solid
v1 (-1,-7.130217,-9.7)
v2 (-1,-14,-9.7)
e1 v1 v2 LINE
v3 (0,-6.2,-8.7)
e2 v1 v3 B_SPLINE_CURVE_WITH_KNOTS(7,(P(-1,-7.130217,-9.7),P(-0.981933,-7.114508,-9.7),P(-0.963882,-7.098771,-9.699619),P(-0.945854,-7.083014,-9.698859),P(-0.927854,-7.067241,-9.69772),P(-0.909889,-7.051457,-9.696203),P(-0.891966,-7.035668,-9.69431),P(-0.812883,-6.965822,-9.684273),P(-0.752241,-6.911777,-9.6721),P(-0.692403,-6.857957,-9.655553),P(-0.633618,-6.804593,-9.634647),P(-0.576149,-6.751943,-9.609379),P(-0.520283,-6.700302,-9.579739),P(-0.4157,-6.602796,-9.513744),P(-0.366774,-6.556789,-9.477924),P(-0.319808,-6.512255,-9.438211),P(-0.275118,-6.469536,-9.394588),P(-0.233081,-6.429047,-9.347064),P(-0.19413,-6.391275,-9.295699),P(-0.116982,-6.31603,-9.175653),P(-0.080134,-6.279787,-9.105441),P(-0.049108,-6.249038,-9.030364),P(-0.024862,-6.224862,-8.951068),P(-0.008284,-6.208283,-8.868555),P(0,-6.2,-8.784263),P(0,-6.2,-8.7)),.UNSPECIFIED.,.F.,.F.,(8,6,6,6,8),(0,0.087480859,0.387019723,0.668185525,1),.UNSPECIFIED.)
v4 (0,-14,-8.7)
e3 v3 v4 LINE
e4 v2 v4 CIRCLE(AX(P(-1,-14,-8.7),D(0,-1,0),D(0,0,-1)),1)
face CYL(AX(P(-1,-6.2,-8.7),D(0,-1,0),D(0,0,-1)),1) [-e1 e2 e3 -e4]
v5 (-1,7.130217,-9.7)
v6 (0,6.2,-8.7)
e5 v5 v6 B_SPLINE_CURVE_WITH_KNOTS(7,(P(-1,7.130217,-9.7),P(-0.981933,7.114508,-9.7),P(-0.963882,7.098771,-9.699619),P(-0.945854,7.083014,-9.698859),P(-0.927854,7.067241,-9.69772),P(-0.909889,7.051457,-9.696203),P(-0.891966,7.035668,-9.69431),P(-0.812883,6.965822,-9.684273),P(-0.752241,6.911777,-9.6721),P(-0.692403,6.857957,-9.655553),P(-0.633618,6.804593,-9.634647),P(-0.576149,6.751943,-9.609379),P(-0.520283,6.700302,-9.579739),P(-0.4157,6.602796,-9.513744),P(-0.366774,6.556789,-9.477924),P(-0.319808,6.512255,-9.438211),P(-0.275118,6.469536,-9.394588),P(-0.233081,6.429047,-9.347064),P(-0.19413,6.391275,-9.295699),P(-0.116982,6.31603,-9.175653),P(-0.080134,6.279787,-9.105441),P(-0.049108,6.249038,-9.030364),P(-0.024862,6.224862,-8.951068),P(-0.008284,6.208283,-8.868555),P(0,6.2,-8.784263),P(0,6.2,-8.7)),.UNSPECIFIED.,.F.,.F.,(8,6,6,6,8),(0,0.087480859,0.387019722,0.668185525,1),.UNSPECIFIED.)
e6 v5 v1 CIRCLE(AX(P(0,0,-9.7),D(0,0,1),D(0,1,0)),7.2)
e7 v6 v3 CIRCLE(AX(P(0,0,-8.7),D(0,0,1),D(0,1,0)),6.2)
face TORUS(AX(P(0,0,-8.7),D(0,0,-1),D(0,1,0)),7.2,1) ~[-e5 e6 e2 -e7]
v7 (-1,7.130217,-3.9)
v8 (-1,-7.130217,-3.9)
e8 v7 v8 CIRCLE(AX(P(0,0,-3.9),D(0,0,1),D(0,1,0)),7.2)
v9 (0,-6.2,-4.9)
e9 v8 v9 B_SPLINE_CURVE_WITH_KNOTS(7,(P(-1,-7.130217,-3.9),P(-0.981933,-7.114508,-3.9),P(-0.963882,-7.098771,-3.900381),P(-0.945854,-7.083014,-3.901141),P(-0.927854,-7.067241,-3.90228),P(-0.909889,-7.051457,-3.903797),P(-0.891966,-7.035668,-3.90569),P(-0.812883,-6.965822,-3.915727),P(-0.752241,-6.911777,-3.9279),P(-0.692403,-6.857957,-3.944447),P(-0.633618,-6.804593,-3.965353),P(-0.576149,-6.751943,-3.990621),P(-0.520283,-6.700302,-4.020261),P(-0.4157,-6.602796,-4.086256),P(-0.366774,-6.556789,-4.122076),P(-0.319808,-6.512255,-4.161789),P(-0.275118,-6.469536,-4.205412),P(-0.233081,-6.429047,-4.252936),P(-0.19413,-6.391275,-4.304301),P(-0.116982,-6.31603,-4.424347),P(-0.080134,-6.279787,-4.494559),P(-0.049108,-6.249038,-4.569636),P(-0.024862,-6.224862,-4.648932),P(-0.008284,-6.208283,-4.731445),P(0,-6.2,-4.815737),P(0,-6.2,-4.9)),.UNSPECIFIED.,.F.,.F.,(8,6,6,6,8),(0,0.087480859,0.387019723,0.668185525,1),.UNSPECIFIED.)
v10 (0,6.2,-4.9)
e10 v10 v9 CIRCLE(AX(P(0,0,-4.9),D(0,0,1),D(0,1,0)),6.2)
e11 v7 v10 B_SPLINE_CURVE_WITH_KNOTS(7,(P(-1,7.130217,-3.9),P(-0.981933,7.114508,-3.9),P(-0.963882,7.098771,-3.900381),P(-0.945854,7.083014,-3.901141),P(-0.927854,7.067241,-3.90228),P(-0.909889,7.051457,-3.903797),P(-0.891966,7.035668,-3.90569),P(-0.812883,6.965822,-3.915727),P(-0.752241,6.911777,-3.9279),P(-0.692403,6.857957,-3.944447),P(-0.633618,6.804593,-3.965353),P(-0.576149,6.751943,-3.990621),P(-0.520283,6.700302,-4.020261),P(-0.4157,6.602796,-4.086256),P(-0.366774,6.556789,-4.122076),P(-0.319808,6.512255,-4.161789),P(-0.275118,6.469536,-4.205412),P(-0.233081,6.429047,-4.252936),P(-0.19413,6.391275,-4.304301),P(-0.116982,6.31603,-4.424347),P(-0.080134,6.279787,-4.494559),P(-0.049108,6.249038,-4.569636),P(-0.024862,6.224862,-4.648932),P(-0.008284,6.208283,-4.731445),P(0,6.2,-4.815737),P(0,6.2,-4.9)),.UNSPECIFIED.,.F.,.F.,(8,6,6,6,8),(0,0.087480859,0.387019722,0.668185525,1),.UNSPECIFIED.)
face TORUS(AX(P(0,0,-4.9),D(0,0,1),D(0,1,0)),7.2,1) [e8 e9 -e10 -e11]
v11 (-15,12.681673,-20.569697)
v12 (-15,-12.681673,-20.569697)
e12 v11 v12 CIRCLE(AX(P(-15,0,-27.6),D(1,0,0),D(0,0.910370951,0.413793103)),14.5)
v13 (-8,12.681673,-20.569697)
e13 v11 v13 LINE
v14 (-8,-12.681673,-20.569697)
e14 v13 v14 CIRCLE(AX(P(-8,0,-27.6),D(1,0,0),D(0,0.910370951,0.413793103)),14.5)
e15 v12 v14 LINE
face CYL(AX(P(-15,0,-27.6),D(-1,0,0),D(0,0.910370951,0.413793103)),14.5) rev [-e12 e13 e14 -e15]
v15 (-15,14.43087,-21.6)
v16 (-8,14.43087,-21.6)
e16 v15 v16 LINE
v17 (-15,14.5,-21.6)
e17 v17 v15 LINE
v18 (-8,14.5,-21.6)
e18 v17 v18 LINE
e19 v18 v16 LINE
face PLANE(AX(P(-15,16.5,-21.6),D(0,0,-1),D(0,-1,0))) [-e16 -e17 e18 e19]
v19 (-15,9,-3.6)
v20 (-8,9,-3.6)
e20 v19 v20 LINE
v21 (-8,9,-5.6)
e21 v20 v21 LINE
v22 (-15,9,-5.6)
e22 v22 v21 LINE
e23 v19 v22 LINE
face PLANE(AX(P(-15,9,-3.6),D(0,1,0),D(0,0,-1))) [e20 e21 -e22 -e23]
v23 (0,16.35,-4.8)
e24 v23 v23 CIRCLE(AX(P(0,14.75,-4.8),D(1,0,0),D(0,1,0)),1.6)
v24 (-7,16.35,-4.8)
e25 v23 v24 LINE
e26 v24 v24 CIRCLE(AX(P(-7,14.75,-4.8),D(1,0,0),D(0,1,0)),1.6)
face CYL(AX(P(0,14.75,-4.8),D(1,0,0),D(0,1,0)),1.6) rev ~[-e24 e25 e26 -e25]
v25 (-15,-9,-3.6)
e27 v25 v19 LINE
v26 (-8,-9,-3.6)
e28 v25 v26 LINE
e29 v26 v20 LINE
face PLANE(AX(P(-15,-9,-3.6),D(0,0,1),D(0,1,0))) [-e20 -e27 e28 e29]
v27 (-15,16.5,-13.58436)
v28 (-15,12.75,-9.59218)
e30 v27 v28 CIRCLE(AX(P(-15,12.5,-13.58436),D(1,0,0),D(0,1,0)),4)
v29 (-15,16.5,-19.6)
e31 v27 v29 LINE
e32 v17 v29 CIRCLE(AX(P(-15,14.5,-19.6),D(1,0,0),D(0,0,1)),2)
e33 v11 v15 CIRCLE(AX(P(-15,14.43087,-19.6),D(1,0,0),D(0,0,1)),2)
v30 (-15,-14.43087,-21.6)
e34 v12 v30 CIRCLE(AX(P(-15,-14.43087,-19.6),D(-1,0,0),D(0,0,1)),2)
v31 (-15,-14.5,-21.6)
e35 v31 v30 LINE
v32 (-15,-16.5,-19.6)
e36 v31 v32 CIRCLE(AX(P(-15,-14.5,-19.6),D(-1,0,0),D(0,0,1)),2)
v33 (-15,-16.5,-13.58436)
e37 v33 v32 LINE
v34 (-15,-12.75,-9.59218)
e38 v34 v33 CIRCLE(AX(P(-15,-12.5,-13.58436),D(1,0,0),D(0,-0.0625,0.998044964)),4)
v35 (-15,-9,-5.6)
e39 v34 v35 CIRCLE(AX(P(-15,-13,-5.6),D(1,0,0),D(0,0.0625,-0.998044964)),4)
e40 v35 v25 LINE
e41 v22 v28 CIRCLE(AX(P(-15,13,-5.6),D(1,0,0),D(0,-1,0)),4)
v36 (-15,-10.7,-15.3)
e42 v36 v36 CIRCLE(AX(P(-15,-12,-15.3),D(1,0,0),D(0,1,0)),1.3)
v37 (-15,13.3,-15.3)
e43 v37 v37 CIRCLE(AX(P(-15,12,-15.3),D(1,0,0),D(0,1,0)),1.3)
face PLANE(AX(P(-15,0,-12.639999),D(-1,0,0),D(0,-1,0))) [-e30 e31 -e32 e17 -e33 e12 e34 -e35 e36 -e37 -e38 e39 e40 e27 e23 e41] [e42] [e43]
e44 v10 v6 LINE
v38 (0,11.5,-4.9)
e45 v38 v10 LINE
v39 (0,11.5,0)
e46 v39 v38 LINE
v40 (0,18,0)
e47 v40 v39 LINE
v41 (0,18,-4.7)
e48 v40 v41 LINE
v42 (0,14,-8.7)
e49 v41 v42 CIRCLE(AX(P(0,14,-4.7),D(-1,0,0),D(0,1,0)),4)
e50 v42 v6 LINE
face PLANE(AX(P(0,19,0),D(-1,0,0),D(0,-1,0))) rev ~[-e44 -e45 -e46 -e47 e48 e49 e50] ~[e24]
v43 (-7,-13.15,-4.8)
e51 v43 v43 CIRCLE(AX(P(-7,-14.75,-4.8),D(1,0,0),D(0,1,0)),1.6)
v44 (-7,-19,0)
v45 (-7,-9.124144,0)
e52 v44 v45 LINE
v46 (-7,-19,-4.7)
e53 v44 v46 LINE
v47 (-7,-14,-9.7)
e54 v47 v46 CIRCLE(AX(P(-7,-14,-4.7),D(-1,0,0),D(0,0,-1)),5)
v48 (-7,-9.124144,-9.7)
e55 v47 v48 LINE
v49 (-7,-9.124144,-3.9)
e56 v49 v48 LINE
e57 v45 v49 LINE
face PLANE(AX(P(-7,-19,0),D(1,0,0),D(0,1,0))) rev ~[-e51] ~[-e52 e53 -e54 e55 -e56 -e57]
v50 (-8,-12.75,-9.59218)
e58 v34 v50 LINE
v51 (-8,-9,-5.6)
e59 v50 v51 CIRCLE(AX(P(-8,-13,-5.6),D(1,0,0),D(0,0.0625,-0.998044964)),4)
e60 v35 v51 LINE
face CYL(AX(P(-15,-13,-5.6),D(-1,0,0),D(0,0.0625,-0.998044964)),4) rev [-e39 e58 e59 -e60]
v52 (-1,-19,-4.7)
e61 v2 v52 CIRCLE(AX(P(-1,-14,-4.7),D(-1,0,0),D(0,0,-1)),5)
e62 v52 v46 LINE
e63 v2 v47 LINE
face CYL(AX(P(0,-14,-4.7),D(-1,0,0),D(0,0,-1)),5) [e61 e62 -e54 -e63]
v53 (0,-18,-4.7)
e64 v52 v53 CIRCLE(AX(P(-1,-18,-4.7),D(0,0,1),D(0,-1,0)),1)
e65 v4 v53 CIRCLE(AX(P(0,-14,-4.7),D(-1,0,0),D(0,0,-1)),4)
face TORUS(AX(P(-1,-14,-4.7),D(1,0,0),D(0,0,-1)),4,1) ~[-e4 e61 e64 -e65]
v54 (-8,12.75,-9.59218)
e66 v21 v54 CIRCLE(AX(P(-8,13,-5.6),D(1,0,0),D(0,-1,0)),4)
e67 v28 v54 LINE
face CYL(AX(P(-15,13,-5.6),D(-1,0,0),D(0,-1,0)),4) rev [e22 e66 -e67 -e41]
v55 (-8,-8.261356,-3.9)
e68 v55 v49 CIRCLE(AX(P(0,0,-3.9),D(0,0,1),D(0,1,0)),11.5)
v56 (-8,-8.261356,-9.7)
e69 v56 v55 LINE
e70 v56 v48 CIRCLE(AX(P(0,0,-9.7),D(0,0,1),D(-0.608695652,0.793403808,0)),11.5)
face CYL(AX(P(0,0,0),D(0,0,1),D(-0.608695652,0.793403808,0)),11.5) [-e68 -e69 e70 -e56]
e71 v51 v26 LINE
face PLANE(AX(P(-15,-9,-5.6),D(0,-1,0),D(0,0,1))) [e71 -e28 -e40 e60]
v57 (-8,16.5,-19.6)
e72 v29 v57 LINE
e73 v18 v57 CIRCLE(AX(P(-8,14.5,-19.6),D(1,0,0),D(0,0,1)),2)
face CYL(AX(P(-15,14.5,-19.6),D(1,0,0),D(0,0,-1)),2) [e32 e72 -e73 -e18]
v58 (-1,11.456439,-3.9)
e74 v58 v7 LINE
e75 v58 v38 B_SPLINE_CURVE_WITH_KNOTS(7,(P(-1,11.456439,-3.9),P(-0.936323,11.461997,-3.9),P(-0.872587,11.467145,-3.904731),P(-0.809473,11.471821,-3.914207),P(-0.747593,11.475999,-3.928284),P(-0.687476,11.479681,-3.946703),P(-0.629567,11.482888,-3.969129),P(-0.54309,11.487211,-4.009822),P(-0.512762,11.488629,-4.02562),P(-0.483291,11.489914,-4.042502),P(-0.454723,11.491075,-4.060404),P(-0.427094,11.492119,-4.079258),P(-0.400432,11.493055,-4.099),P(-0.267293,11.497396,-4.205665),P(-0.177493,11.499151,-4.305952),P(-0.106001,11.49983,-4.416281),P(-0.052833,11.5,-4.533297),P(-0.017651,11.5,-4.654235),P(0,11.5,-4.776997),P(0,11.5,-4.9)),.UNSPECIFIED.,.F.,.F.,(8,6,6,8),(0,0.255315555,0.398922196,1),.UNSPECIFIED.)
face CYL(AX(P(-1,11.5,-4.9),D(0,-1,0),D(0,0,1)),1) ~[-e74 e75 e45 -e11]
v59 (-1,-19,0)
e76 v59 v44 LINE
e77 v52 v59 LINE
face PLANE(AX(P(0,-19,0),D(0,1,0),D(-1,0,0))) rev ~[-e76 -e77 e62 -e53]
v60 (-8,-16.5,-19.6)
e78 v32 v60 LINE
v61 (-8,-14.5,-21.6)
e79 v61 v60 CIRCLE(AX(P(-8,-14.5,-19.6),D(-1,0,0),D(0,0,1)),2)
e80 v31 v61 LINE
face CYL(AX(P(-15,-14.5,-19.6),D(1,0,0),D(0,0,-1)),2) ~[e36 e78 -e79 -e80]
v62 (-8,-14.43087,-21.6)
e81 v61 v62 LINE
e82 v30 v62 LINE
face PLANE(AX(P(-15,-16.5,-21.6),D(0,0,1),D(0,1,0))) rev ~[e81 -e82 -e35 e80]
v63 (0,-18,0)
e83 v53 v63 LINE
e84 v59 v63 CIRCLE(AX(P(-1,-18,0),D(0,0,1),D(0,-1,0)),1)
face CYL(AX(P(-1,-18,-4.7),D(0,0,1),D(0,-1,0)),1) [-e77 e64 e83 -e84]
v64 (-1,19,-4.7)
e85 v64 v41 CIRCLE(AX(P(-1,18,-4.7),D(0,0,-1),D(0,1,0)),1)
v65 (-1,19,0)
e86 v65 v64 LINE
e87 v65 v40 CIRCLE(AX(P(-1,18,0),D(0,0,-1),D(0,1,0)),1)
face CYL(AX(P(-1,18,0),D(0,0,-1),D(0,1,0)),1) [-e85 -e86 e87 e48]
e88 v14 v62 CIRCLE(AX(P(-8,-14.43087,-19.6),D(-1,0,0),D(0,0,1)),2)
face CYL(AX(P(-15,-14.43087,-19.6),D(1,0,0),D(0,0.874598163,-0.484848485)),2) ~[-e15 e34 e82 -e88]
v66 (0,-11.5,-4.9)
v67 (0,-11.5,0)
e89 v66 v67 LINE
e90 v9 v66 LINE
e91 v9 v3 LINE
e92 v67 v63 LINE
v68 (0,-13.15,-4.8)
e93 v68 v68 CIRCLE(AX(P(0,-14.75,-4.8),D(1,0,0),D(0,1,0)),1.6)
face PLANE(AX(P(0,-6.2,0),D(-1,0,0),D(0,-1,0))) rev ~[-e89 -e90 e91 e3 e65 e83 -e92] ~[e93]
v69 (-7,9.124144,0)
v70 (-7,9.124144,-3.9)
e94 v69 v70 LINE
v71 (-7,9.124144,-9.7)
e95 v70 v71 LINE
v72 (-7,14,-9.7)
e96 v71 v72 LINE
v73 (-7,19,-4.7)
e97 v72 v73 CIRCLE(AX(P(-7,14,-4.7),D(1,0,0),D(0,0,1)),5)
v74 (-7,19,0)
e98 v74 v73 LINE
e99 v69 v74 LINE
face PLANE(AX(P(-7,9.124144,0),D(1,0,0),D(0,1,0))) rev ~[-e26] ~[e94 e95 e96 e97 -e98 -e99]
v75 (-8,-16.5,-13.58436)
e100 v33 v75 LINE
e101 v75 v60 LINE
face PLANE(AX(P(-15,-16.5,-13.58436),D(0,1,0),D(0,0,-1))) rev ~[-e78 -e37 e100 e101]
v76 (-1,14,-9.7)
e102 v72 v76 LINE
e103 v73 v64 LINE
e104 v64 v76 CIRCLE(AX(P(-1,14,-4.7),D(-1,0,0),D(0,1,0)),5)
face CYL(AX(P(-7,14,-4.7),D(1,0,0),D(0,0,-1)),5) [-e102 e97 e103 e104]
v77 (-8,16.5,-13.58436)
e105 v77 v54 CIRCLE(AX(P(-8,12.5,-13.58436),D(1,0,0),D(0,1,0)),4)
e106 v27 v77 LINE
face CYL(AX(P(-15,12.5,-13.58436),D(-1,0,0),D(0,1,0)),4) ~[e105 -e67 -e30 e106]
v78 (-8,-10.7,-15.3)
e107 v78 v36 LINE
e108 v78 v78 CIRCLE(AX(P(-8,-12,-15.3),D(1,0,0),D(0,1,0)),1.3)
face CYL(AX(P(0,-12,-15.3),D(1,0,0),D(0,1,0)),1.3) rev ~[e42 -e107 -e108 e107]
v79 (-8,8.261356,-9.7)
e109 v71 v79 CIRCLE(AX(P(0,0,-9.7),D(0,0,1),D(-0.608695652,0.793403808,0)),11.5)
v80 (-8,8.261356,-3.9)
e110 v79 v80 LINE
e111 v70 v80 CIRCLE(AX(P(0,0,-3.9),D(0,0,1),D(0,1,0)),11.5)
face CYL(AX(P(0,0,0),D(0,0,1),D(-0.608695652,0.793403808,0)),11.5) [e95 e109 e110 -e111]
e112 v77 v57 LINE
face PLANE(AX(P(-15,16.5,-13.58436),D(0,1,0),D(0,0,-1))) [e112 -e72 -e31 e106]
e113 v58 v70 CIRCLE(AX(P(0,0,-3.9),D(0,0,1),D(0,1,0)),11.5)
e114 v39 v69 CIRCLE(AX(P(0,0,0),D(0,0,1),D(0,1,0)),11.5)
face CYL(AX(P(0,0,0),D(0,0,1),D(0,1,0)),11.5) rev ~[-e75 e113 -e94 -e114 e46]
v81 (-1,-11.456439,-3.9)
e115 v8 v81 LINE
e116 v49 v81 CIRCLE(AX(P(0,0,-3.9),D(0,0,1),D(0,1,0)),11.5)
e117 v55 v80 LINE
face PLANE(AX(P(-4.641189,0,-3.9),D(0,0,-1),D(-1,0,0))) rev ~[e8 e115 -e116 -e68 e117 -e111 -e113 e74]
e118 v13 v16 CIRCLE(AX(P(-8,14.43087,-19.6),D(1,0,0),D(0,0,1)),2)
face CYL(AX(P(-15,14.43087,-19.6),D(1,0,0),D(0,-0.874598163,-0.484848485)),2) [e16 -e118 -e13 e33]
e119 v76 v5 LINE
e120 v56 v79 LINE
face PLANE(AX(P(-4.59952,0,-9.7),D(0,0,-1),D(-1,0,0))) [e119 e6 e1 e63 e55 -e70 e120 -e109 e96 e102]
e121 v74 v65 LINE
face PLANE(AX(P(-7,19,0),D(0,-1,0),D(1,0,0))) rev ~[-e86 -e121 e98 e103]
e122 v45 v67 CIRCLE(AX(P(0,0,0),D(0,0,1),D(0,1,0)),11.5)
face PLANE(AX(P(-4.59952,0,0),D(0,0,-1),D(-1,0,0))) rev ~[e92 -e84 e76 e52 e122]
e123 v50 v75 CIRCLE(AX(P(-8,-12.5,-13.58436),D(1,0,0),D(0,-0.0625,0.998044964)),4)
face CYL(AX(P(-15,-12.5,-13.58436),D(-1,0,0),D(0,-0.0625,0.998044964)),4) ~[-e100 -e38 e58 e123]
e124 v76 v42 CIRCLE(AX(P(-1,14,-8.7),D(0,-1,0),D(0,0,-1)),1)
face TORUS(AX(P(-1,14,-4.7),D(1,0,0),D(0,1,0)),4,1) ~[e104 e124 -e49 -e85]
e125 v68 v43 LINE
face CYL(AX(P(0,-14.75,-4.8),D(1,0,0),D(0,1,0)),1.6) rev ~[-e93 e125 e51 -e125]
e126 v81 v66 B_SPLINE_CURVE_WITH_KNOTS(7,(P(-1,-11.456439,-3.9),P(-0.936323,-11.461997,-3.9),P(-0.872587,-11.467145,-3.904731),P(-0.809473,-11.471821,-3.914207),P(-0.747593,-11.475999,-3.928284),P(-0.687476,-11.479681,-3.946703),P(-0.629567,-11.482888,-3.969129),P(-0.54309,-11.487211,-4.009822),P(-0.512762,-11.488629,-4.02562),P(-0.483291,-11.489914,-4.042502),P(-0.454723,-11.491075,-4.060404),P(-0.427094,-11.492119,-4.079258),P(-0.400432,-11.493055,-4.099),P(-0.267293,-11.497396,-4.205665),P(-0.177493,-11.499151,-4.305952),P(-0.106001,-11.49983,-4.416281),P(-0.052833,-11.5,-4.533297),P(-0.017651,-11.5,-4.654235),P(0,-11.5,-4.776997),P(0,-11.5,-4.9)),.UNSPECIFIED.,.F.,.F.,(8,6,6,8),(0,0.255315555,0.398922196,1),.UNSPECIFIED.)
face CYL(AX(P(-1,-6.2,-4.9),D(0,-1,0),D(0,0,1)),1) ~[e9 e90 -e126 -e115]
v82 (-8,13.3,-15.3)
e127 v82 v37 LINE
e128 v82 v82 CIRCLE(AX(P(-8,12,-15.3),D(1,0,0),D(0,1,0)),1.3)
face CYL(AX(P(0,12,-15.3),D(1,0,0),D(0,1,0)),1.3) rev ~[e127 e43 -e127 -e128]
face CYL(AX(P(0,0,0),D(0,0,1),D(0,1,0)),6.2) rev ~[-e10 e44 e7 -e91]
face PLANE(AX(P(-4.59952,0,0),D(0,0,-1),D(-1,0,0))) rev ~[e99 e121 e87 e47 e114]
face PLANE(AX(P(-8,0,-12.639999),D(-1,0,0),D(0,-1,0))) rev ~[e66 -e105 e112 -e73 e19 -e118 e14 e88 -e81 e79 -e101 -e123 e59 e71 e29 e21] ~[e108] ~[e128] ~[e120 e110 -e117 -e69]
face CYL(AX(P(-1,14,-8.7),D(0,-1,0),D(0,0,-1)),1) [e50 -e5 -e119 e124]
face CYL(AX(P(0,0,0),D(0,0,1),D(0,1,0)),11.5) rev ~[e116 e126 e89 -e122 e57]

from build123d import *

# Parameters (mm, degrees)
PAD008_DEPTH    = 9.7
POCKET002_DEPTH = 3.9
PAD009_DEPTH    = 7
SKETCH048_R     = 1.6
SKETCH048_R_2   = 1.3
POCKET030_DEPTH = 15.001
FILLET006_R     = 5
FILLET007_R     = 2
FILLET008_R     = 1


with BuildPart() as part:
    # Sketch045 → Pad008 (new body)
    with BuildSketch(Plane.XY):
        with BuildLine():
            Line((-7, 19), (0, 19))
            Line((0, 19), (0, 6.2))
            ThreePointArc((0, 6.2), (-6.2, 0), (0, -6.2))
            Line((0, -6.2), (0, -19))
            Line((0, -19), (-7, -19))
            Line((-7, -19), (-7, -9.1241437954))
            ThreePointArc((-7, 9.1241437954), (-11.5, 0), (-7, -9.1241437954))
            Line((-7, 9.1241437954), (-7, 19))
        make_face()
    extrude(amount=-PAD008_DEPTH)

    # Sketch046 → Pocket002 (cut)
    with BuildSketch(Plane.XY):
        with BuildLine():
            Line((0, 11.5), (0, 6.2))
            ThreePointArc((0, 6.2), (-6.2, 0), (0, -6.2))
            Line((0, -6.2), (0, -11.5))
            ThreePointArc((0, 11.5), (-11.5, 0), (0, -11.5))
        make_face()
    extrude(amount=-POCKET002_DEPTH, mode=Mode.SUBTRACT)

    # Sketch047 → Pad009 (join)
    with BuildSketch(Plane.YZ.offset(-15)):
        with BuildLine():
            ThreePointArc((13.2003787824, -21.6), (0, -13.1), (-13.2003787824, -21.6))
            Line((-16.5, -21.6), (-13.2003787824, -21.6))
            Line((-16.5, -13.5843597113), (-16.5, -21.6))
            ThreePointArc((-12.75, -9.5921798557), (-15.4154759474, -10.8457469238), (-16.5, -13.5843597113))
            ThreePointArc((-12.75, -9.5921798557), (-10.0845240526, -8.3386127875), (-9, -5.6))
            Line((-9, -5.6), (-9, -3.6))
            Line((-9, -3.6), (9, -3.6))
            Line((9, -3.6), (9, -5.6))
            ThreePointArc((9, -5.6), (10.0845240526, -8.3386127875), (12.75, -9.5921798557))
            ThreePointArc((16.5, -13.5843597113), (15.4154759474, -10.8457469238), (12.75, -9.5921798557))
            Line((16.5, -13.5843597113), (16.5, -21.6))
            Line((16.5, -21.6), (13.2003787824, -21.6))
        make_face()
    extrude(amount=PAD009_DEPTH)

    # Sketch048 → Pocket030 (cut, through all)
    with BuildSketch(Plane.YZ):
        with Locations((-14.75, -4.8)):
            Circle(SKETCH048_R)
        with Locations((14.75, -4.8)):
            Circle(SKETCH048_R)
        with Locations((-12, -15.3)):
            Circle(SKETCH048_R_2)
        with Locations((12, -15.3)):
            Circle(SKETCH048_R_2)
    extrude(amount=-POCKET030_DEPTH, mode=Mode.SUBTRACT)

    # Fillet006
    fillet006_edges = [part.edges().sort_by_distance(p)[0] for p in [
        (-3.5, 19, -9.7),
        (-3.5, -19, -9.7),
    ]]
    fillet(fillet006_edges, radius=FILLET006_R)

    # Fillet007
    fillet007_edges = [part.edges().sort_by_distance(p)[0] for p in [
        (-11.5, -13.200379, -21.6),
        (-11.5, -16.5, -21.6),
        (-11.5, 13.200379, -21.6),
        (-11.5, 16.5, -21.6),
    ]]
    fillet(fillet007_edges, radius=FILLET007_R)

    # Fillet008
    fillet008_edges = [part.edges().sort_by_distance(p)[0] for p in [
        (-6.2, 0, -3.9),
        (-6.2, 0, -9.7),
        (0, -8.85, -3.9),
        (0, -10.1, -9.7),
        (0, 8.85, -3.9),
        (0, 10.1, -9.7),
    ]]
    fillet(fillet008_edges, radius=FILLET008_R)


solid = part.part
